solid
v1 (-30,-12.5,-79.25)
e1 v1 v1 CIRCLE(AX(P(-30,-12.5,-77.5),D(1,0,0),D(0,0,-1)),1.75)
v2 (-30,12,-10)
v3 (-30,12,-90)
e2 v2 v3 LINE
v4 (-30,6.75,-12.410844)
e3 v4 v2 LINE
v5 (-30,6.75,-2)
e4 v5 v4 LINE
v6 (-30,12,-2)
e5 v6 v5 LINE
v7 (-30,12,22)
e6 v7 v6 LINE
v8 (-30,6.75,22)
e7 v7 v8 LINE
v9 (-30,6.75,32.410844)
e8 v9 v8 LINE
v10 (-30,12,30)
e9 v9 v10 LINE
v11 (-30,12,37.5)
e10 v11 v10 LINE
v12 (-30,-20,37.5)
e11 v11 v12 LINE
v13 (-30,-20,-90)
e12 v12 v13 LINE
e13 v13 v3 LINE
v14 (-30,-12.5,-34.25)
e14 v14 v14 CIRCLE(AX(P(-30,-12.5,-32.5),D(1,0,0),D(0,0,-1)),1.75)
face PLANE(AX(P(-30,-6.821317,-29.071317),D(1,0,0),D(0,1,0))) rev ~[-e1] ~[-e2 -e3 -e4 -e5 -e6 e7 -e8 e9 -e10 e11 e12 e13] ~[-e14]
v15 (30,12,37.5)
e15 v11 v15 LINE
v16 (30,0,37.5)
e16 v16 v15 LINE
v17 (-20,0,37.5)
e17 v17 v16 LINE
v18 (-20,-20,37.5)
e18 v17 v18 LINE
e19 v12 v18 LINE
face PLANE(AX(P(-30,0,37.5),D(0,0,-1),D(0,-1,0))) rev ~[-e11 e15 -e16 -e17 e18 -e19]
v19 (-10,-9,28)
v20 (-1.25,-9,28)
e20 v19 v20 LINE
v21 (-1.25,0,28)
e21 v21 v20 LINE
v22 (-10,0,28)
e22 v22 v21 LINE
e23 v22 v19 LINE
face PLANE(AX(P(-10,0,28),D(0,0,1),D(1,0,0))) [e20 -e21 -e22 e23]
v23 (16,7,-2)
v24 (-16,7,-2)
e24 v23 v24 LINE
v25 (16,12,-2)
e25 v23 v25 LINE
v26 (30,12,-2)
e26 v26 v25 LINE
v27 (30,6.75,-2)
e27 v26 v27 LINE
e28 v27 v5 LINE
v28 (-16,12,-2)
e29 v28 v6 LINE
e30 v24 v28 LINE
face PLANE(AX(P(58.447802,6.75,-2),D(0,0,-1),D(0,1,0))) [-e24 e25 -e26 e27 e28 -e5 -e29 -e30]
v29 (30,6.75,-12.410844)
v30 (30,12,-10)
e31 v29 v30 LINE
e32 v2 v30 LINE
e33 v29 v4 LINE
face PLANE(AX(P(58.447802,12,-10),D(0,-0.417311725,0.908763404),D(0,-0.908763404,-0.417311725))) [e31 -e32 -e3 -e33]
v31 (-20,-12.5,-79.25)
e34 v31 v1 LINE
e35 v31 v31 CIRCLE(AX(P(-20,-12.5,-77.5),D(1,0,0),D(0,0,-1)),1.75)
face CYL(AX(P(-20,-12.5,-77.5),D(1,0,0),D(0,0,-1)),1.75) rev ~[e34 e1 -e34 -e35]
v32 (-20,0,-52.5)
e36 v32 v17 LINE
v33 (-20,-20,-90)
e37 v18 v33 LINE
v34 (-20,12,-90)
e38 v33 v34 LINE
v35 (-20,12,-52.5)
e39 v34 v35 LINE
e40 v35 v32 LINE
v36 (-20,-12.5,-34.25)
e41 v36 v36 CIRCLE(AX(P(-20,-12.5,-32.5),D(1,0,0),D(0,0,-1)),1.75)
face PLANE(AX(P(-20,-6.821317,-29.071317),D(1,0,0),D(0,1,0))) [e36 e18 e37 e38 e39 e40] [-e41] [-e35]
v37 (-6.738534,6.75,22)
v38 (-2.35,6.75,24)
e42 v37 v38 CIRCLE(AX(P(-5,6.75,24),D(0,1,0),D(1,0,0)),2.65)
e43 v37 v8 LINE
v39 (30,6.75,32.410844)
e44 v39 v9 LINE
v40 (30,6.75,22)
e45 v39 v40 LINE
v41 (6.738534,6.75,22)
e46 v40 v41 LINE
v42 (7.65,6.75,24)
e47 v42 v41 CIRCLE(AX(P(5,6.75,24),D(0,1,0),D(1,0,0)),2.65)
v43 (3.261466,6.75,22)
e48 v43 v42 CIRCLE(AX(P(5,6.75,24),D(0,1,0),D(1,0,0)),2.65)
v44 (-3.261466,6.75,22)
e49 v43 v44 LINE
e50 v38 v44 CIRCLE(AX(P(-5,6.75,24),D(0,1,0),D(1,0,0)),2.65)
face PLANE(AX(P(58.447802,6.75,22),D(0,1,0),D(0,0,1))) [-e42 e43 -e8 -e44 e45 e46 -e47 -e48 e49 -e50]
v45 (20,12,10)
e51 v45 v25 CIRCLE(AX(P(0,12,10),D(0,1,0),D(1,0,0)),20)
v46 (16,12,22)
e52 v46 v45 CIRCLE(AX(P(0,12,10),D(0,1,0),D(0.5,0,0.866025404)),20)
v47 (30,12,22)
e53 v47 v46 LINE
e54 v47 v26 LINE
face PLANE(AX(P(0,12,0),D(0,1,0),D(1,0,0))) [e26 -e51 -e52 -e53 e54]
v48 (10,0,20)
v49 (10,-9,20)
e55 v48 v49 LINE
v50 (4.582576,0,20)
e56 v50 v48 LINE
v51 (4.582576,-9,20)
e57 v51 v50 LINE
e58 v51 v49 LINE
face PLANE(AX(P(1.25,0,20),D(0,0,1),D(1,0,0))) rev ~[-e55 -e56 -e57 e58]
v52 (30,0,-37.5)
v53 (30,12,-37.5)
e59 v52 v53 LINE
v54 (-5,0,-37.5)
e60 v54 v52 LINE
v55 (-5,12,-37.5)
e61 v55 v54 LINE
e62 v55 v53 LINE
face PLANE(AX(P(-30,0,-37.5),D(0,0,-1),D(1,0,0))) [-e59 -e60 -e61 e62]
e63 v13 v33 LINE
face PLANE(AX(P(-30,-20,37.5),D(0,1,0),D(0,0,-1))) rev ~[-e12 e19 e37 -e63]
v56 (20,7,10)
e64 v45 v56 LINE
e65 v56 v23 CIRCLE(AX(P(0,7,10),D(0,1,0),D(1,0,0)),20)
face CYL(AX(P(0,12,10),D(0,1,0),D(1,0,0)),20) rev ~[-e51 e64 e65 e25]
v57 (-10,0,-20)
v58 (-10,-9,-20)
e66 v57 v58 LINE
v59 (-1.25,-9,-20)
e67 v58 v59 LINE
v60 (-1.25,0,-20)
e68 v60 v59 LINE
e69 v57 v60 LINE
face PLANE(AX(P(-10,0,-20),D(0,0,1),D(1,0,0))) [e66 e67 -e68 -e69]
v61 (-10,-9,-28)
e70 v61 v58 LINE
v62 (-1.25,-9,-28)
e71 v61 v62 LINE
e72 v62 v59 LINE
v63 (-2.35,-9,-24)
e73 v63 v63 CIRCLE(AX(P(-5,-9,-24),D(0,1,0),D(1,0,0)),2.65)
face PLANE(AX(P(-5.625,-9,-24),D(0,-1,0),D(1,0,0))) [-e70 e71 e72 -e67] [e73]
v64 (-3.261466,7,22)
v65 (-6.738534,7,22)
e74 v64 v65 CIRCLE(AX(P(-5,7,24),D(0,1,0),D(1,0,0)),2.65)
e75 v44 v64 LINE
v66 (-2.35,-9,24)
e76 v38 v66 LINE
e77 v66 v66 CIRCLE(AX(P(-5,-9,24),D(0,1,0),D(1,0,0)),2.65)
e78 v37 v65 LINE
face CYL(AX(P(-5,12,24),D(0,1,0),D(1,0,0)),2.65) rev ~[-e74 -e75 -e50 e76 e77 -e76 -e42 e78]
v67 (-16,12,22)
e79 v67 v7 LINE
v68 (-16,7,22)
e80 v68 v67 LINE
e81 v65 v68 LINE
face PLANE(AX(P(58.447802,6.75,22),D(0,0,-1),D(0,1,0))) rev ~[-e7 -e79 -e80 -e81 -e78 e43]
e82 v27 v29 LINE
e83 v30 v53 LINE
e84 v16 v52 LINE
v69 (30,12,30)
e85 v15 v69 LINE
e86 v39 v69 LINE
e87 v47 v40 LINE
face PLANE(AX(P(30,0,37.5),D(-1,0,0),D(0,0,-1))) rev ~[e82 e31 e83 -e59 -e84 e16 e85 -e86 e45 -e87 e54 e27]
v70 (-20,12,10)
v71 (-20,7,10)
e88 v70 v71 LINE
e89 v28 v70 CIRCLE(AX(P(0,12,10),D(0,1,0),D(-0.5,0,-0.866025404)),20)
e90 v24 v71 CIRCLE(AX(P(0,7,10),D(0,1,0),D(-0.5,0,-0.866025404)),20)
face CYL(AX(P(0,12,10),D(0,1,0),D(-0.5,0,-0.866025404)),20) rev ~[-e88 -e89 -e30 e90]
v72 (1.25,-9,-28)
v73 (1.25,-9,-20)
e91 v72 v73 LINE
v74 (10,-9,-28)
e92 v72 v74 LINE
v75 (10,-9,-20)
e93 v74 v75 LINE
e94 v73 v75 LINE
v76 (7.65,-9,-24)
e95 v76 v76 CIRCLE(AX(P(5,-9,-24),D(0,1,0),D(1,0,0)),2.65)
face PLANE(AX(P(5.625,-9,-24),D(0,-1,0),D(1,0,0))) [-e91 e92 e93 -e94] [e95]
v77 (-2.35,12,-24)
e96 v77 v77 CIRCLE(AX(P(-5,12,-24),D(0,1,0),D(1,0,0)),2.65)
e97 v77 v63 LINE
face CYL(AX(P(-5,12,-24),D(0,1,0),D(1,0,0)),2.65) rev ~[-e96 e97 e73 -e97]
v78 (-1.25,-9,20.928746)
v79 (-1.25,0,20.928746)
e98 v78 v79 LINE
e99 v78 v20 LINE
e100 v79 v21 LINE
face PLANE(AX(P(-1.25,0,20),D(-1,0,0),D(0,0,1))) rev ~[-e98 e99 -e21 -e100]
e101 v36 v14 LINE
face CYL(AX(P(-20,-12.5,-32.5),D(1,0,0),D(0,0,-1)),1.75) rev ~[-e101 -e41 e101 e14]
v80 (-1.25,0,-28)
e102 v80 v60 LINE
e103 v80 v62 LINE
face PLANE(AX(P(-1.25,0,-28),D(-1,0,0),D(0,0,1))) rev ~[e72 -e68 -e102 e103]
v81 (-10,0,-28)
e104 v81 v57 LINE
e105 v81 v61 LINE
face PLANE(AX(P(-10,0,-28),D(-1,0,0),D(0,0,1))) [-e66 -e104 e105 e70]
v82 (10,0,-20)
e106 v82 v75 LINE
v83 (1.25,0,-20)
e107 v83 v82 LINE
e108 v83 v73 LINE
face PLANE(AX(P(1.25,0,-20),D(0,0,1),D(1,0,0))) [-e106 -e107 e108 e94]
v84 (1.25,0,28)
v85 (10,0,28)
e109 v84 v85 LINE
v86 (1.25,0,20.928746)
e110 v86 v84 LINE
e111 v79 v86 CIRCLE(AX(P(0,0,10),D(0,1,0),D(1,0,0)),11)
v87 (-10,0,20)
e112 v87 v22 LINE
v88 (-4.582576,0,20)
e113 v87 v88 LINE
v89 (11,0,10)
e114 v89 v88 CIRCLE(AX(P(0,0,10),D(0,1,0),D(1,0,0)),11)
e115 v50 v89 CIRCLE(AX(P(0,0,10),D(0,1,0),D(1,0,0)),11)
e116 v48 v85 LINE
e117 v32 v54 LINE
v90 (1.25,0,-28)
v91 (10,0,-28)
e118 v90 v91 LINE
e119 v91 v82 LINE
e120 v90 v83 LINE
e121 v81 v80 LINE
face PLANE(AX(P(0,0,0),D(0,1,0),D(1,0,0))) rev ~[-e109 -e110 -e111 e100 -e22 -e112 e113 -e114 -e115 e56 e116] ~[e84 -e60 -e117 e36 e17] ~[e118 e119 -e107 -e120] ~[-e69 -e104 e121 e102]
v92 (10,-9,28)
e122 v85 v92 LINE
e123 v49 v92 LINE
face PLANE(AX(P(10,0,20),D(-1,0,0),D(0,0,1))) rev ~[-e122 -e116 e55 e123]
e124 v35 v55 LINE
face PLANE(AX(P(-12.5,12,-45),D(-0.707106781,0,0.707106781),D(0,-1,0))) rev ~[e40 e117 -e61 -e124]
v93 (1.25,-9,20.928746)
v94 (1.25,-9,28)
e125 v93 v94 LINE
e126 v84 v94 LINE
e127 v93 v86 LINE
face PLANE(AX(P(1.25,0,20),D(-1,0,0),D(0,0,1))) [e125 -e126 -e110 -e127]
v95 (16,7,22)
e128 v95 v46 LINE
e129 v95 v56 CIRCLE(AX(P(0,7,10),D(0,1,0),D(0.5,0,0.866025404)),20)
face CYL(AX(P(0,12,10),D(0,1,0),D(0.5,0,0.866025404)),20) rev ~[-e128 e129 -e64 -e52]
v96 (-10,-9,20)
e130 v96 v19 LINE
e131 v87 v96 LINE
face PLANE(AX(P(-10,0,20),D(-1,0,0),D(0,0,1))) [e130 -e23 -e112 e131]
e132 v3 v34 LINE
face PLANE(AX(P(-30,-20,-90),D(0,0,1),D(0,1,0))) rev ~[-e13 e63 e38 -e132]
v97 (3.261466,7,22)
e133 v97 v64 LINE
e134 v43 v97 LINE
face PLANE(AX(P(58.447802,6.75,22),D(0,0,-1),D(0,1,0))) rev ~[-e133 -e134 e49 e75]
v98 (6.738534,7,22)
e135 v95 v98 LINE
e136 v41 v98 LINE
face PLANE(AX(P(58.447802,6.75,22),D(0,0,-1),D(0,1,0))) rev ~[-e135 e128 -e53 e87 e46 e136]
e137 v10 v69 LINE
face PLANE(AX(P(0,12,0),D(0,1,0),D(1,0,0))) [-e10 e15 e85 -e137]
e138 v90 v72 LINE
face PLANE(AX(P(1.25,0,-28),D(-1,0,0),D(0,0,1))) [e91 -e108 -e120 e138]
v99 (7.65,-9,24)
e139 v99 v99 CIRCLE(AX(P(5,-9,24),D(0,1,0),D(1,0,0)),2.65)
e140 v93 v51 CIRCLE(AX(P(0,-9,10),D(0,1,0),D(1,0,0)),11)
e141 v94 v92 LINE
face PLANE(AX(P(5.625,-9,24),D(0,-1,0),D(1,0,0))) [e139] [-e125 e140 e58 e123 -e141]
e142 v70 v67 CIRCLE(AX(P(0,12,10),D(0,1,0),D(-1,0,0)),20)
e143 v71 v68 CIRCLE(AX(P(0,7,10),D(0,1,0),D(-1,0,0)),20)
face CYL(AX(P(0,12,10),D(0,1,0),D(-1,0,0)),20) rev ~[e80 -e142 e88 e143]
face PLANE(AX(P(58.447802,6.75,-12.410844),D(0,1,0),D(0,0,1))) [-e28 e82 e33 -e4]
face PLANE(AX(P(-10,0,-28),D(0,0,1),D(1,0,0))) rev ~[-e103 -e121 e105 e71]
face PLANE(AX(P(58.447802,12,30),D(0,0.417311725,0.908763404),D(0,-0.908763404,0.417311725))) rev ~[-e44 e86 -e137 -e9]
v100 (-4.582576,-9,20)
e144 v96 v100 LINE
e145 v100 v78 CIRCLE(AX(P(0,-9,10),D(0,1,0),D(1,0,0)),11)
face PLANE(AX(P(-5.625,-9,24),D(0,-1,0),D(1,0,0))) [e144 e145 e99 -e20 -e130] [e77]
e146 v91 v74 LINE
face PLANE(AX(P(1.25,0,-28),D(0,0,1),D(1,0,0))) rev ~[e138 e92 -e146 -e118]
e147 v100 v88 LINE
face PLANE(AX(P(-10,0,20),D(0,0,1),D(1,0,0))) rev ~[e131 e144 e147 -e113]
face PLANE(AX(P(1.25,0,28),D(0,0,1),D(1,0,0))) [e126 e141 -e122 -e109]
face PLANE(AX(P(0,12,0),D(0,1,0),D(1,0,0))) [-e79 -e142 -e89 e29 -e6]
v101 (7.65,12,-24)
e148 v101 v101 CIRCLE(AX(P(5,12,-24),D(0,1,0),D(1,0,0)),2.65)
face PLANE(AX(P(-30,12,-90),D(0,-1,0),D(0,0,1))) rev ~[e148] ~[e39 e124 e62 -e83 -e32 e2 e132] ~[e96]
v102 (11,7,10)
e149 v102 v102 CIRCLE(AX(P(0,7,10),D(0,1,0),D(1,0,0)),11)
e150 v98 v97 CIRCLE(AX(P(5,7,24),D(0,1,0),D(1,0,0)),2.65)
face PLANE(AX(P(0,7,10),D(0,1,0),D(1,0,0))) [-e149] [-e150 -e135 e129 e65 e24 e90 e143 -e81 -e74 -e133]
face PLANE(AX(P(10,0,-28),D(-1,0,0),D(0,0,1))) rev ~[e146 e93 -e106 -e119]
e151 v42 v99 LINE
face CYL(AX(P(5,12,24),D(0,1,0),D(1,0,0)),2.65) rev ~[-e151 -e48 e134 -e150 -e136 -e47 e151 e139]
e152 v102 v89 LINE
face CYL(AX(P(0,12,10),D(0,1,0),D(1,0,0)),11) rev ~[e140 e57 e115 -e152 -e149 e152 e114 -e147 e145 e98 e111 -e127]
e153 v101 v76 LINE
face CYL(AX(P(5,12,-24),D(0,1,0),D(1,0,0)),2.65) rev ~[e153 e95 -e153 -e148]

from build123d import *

# Parameters (mm, degrees)
SKETCH1_W           = 60
SKETCH1_H           = 75
BOSS_EXTRUDE1_DEPTH = 12
SKETCH6_W           = 8.75
SKETCH6_H           = 8
BOSS_EXTRUDE2_DEPTH = 9
SKETCH3_R           = 2.65
SKETCH3_R_2         = 11
CUT_EXTRUDE4_DEPTH  = 53.414215629
SKETCH5_R           = 2.65
SKETCH5_R_2         = 11
CUT_EXTRUDE8_DEPTH  = 5
DOVE_CUT_DEPTH      = 58.447802395
DOVE_CUT_DEPTH_BACK = 58.447802395
BOSS_EXTRUDE3_DEPTH = 10
CHAMFER1_SIZE       = 15
SKETCH16_R          = 1.75
CUT_EXTRUDE9_DEPTH  = 105.880884817


with BuildPart() as part:
    # Sketch1 → Boss-Extrude1 (new body)
    with BuildSketch(Plane(origin=(0, 0, 0), x_dir=(1, 0, 0), z_dir=(0, 1, 0))):
        Rectangle(SKETCH1_W, SKETCH1_H)
    extrude(amount=BOSS_EXTRUDE1_DEPTH)

    # Sketch6 → Boss-Extrude2 (add)
    with BuildSketch(Plane.XZ):
        with Locations((-5.625, -24)):
            Rectangle(SKETCH6_W, SKETCH6_H)
        with Locations((5.625, -24)):
            Rectangle(SKETCH6_W, SKETCH6_H)
        with Locations((-5.625, 24)):
            Rectangle(SKETCH6_W, SKETCH6_H)
        with Locations((5.625, 24)):
            Rectangle(SKETCH6_W, SKETCH6_H)
    extrude(amount=BOSS_EXTRUDE2_DEPTH)

    # Sketch3 → Cut-Extrude4 (cut, through all)
    with BuildSketch(Plane(origin=(0, 12, 0), x_dir=(1, 0, 0), z_dir=(0, 1, 0))):
        with Locations((-5, 24)):
            Circle(SKETCH3_R)
        with Locations((5, 24)):
            Circle(SKETCH3_R)
        with Locations((5, -24)):
            Circle(SKETCH3_R)
        with Locations((-5, -24)):
            Circle(SKETCH3_R)
        with Locations((0, -10)):
            Circle(SKETCH3_R_2)
    extrude(amount=-CUT_EXTRUDE4_DEPTH, mode=Mode.SUBTRACT)

    # Sketch5 → Cut-Extrude8 (cut)
    with BuildSketch(Plane(origin=(0, 12, 0), x_dir=(1, 0, 0), z_dir=(0, 1, 0))):
        with BuildLine():
            ThreePointArc((10, -27.320508076), (17.320508076, -20), (20, -10))
            ThreePointArc((20, -10), (10, 7.320508076), (-10, 7.320508076))
            ThreePointArc((-10, 7.320508076), (-17.320508076, 0), (-20, -10))
            ThreePointArc((-20, -10), (-10, -27.320508076), (10, -27.320508076))
        make_face()
        with Locations((-5, -24)):
            Circle(SKETCH5_R, mode=Mode.SUBTRACT)
        with Locations((5, -24)):
            Circle(SKETCH5_R, mode=Mode.SUBTRACT)
        with Locations((0, -10)):
            Circle(SKETCH5_R_2, mode=Mode.SUBTRACT)
    extrude(amount=-CUT_EXTRUDE8_DEPTH, mode=Mode.SUBTRACT)

    # Sketch15 → Dove Cut (cut, two sides: drawn at the far end of the back side and taken through both)
    with BuildSketch(Plane(origin=(0, 0, 10), x_dir=(0, 0, 1), z_dir=(-1, 0, 0)).offset(-DOVE_CUT_DEPTH_BACK)):
        Polygon((-21.91084373, 6.75), (-12, 6.75), (-12, 12), (-20, 12), (-22.41084373, 6.75), align=None)
        Polygon((12, 12), (20, 12), (22.41084373, 6.75), (21.91084373, 6.75), (12, 6.75), align=None)
    extrude(amount=DOVE_CUT_DEPTH + DOVE_CUT_DEPTH_BACK, mode=Mode.SUBTRACT)

    # Sketch8 → Boss-Extrude3 (add)
    with BuildSketch(Plane(origin=(-30, 30, 0), x_dir=(0, 1, 0), z_dir=(1, 0, 0))):
        Polygon((-30, 37.5), (-50, 37.5), (-50, -90), (-30, -90), (-18, -90), (-18, -37.5), (-30, -37.5), align=None)
    extrude(amount=BOSS_EXTRUDE3_DEPTH)

    # Chamfer1
    chamfer1_edges = [part.edges().sort_by_distance(p)[0] for p in [
        (-20, 6, -37.5),
    ]]
    chamfer(chamfer1_edges, length=CHAMFER1_SIZE)

    # Sketch16 → Cut-Extrude9 (cut, through all)
    with BuildSketch(Plane(origin=(-20, 0, 0), x_dir=(0, 0, -1), z_dir=(1, 0, 0))):
        with Locations((77.5, -12.5)):
            Circle(SKETCH16_R)
        with Locations((32.5, -12.5)):
            Circle(SKETCH16_R)
    extrude(amount=-CUT_EXTRUDE9_DEPTH, mode=Mode.SUBTRACT)


solid = part.part
